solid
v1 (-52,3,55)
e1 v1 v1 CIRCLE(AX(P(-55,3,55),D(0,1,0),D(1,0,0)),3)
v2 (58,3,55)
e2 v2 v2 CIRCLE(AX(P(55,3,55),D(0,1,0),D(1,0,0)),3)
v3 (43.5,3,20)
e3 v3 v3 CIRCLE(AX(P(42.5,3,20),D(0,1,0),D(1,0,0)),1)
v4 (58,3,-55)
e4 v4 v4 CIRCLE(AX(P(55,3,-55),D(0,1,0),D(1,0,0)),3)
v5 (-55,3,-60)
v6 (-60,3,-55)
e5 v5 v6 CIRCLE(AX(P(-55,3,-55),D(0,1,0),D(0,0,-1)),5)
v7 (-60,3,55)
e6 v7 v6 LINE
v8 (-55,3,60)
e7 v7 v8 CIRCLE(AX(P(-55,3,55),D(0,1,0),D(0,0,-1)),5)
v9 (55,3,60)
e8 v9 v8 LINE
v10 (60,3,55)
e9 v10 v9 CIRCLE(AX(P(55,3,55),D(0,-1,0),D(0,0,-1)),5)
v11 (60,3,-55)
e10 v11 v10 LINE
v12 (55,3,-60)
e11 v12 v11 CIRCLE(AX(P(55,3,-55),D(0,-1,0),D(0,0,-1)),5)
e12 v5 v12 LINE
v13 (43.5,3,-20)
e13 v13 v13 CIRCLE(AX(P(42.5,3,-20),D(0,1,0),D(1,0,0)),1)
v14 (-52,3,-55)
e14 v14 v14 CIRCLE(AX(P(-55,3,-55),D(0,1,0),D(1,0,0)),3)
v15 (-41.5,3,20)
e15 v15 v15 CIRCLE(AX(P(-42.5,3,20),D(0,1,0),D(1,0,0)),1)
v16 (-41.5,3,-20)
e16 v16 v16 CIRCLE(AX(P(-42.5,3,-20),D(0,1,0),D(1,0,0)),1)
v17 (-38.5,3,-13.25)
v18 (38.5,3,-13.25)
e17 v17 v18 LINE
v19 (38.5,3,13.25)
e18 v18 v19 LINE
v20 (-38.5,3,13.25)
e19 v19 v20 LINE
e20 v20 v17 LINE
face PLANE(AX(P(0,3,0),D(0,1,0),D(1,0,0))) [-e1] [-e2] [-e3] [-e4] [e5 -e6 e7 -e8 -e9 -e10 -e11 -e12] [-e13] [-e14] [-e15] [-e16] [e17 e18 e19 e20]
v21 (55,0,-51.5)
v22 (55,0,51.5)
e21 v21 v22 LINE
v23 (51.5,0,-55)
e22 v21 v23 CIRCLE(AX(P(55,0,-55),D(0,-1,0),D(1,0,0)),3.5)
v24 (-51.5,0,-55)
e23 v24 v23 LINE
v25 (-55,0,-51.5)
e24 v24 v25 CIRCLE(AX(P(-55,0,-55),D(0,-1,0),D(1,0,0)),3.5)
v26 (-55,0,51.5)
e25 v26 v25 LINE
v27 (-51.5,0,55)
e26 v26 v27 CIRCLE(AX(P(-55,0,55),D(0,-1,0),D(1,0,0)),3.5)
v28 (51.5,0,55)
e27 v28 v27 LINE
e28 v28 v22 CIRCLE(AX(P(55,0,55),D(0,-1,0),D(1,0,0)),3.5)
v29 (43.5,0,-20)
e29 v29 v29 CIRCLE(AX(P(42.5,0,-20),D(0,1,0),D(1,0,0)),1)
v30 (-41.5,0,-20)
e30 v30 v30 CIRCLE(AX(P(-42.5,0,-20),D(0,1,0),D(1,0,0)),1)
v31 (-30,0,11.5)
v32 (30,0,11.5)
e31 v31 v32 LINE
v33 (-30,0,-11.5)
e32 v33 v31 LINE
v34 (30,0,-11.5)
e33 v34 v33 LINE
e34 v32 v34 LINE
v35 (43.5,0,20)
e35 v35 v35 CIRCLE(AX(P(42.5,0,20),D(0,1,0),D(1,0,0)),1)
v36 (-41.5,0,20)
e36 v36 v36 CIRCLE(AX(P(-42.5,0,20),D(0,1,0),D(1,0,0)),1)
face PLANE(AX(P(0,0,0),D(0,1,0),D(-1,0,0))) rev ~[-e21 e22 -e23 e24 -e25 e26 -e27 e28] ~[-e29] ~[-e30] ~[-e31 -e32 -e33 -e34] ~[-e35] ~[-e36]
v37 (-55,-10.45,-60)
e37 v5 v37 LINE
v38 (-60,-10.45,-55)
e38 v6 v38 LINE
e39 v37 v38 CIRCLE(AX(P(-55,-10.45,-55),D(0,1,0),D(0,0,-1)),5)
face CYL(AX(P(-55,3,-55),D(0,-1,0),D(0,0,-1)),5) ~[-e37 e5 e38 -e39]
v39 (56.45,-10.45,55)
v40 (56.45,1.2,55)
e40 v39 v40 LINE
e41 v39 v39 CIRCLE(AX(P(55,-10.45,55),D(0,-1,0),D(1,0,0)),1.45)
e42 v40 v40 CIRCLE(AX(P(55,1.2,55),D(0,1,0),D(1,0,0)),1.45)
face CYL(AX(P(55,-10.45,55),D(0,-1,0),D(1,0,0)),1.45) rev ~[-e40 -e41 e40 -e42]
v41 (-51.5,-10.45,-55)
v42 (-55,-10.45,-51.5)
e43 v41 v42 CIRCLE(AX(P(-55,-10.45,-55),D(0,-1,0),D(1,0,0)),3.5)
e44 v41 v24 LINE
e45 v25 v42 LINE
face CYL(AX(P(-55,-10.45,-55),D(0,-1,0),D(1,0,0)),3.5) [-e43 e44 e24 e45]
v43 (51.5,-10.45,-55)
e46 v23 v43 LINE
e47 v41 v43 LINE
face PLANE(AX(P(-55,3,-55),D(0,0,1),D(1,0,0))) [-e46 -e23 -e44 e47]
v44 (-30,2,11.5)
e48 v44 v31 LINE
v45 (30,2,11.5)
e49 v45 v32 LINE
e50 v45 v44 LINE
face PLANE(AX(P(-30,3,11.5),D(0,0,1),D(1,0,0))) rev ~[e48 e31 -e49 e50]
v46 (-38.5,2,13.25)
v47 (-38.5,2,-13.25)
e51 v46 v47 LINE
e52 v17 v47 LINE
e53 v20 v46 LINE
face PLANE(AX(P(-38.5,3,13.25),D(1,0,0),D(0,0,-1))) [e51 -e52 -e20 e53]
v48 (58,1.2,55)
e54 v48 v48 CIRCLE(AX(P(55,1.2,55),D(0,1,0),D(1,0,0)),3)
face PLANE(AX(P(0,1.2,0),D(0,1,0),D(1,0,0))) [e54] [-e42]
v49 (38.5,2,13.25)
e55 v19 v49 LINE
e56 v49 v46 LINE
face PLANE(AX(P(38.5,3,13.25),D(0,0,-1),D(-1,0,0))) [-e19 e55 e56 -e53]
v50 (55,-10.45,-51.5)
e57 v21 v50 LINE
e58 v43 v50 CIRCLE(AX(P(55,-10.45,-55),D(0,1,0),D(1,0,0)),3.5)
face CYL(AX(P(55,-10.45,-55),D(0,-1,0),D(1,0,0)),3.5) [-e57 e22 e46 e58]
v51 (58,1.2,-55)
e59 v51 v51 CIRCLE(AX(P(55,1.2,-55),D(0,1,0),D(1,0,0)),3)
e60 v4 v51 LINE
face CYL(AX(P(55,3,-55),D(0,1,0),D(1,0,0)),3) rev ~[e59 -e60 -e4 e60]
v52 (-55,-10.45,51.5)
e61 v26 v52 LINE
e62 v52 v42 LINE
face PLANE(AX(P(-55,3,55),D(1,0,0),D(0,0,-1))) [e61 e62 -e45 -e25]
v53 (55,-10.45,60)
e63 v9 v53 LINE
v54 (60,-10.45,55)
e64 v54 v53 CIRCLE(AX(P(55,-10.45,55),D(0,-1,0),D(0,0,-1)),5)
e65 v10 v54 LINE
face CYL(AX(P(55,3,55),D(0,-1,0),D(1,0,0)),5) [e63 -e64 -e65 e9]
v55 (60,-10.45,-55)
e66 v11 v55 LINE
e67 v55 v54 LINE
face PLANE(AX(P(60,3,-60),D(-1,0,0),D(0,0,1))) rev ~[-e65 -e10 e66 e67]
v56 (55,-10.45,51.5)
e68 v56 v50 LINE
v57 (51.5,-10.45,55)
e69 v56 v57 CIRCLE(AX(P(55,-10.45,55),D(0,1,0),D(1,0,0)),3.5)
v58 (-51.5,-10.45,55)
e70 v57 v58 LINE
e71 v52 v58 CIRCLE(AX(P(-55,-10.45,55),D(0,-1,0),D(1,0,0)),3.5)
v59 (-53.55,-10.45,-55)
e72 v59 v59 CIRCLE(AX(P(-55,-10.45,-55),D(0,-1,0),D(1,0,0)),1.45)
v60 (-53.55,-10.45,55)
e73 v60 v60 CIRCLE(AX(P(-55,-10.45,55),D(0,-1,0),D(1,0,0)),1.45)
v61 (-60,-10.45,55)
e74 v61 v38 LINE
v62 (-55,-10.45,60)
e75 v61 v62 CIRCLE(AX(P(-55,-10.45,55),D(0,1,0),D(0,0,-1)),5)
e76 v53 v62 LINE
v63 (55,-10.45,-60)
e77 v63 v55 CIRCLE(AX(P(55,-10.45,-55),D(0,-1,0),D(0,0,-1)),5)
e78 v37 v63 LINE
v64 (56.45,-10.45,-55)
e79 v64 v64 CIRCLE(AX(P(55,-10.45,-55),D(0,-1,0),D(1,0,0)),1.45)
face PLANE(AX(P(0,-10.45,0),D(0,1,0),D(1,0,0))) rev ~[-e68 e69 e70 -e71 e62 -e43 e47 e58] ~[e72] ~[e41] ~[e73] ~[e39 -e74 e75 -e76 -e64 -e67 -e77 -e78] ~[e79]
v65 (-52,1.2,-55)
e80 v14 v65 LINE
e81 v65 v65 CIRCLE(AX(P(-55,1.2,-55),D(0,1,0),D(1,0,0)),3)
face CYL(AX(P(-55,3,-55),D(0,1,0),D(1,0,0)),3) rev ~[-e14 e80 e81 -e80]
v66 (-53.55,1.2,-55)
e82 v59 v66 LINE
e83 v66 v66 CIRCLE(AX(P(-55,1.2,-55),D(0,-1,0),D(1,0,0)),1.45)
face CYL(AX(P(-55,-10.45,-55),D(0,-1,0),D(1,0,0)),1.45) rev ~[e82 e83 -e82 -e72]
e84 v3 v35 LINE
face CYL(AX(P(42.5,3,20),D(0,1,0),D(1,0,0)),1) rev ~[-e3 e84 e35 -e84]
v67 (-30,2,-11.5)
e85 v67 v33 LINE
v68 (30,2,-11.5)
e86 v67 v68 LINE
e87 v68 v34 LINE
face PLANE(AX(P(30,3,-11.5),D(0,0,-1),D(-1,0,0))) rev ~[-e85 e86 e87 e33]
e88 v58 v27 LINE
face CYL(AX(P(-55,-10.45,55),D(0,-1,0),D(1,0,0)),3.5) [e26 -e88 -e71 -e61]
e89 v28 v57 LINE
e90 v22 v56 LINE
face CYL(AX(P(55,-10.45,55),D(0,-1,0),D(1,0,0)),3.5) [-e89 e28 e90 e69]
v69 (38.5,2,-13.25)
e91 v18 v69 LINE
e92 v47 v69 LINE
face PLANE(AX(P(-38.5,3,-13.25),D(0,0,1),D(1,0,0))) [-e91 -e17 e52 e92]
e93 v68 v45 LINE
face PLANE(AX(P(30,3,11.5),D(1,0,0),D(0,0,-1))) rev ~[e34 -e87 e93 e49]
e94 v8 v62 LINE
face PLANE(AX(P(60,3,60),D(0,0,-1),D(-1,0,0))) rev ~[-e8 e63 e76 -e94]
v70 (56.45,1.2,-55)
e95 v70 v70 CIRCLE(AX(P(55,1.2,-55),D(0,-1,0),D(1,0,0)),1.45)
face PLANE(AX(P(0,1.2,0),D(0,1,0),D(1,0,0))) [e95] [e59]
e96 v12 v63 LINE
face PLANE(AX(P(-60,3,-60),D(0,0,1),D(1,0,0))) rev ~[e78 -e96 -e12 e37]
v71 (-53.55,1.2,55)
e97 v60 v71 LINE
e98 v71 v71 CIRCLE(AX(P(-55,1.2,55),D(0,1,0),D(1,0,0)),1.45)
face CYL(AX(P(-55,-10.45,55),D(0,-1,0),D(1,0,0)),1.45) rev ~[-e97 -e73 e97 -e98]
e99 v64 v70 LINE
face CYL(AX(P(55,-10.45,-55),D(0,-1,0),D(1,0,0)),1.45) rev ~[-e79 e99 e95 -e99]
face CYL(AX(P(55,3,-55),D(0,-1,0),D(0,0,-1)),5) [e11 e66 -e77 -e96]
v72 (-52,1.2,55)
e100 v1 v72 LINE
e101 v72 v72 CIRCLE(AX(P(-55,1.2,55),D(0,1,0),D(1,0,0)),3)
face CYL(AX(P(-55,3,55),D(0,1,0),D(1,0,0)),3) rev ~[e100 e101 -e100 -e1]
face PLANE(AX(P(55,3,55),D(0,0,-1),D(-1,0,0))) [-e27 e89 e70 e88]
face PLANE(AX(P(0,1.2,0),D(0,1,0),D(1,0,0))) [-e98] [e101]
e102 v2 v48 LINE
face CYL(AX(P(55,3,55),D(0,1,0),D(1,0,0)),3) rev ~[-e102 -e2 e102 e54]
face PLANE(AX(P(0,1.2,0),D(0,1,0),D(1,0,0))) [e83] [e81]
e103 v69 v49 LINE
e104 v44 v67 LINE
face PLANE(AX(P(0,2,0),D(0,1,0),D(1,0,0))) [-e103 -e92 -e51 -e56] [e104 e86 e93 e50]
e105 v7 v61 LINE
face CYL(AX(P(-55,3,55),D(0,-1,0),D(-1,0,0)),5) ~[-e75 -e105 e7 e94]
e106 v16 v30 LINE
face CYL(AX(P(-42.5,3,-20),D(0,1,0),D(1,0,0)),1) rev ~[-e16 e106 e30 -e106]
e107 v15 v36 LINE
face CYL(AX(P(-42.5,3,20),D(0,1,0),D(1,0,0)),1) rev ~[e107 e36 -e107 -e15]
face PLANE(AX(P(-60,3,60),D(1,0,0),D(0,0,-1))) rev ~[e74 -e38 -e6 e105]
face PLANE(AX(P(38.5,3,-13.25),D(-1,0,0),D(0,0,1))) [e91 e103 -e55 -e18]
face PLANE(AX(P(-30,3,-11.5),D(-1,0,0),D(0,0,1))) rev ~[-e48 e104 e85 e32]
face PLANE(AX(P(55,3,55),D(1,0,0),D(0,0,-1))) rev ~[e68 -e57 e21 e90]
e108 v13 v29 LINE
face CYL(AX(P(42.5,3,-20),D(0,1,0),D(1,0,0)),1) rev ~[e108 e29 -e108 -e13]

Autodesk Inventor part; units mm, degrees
ref_plane "YZ Plane" through (0, 0, 0) normal (1, 0, 0) x (0, 1, 0)
ref_plane "XZ Plane" through (0, 0, 0) normal (0, 1, 0) x (-1, 0, 0)
ref_plane "XY Plane" through (0, 0, 0) normal (0, 0, 1) x (1, 0, 0)
sketch "Sketch1" plane through (0, 0, 0) normal (0, 1, 0) x (-1, 0, 0)
  line L0 (-55, 55) -> (55, 55)
  line L1 (55, 55) -> (55, -55)
  line L2 (55, -55) -> (-55, -55)
  line L3 (-55, -55) -> (-55, 55)
  line L4 (-55, 55) -> (55, -55) construction
  line L5 (55, 55) -> (-55, -55) construction
  line L6 (-12.5, 37.5) -> (12.5, 37.5) construction
  line L7 (12.5, 37.5) -> (12.5, -37.5) construction
  line L8 (12.5, -37.5) -> (-12.5, -37.5) construction
  line L9 (-12.5, -37.5) -> (-12.5, 37.5) construction
  line L10 (-12.5, 37.5) -> (12.5, -37.5) construction
  line L11 (12.5, 37.5) -> (-12.5, -37.5) construction
  line L12 (-37.5, 37.5) -> (37.5, 37.5) construction
  line L13 (37.5, 37.5) -> (37.5, -37.5) construction
  line L14 (37.5, -37.5) -> (-37.5, -37.5) construction
  line L15 (-37.5, -37.5) -> (-37.5, 37.5)
  line L16 (-37.5, 37.5) -> (37.5, -37.5) construction
  line L17 (37.5, 37.5) -> (-37.5, -37.5) construction
  circle A0 centre (37.5, -37.5) radius 2 construction
  circle A1 centre (37.5, 37.5) radius 2 construction
  circle A2 centre (-37.5, 37.5) radius 2 construction
  circle A3 centre (-37.5, -37.5) radius 2 construction
  point P0 (0, 0)
  dimension "d0" = 110
  dimension "d1" = 110
  dimension "d2" = 25
  dimension "d3" = 75
  dimension "d4" = 75
  dimension "d5" = 4
  dimension "d6" = 4
  dimension "d7" = 4
  dimension "d8" = 4
extrude "Extrusion1" add sketch "Sketch1" along normal blind 3
sketch "Sketch3" plane through (0, 3, 0) normal (0, 1, 0) x (1, 0, 0)
  line L0 (35, -35) -> (-35, -35)
  line L1 (-35, -35) -> (-35, 35)
  line L2 (-35, 35) -> (35, 35)
  line L3 (35, 35) -> (35, -35)
  line L4 (35, -35) -> (-35, 35) construction
  line L5 (-35, -35) -> (35, 35) construction
  point P0 (0, 0)
  dimension "d18" = 70
  dimension "d19" = 70
extrude "Extrusion3" [suppressed]
fillet "Fillet1" [suppressed]
sketch "Sketch4" plane through (0, 3, 0) normal (0, 1, 0) x (1, 0, 0)
  line L0 (28, -16) -> (42, -16)
  line L1 (42, -16) -> (42, 16)
  line L2 (42, 16) -> (28, 16)
  line L3 (28, 16) -> (28, -16)
  line L4 (28, -16) -> (42, 16) construction
  line L5 (42, -16) -> (28, 16) construction
  line L6 (35, 33) -> (35, -33) projected
  point P0 (0, 0)
  point P1 (35, 0)
  dimension "d23" = 14
  dimension "d24" = 32
extrude "Extrusion4" [suppressed]
sketch "Sketch5" plane through (0, 3, 0) normal (0, 1, 0) x (1, 0, 0)
  line L0 (-30, -11.5) -> (30, -11.5)
  line L1 (30, -11.5) -> (30, 11.5)
  line L2 (30, 11.5) -> (-30, 11.5)
  line L3 (-30, 11.5) -> (-30, -11.5)
  line L4 (-30, -11.5) -> (30, 11.5) construction
  line L5 (30, -11.5) -> (-30, 11.5) construction
  point P0 (0, 0)
  dimension "d31" = 23
  dimension "d32" = 60
extrude "Extrusion5" cut sketch "Sketch5" against normal blind 10
sketch "Sketch6" plane through (0, 3, 0) normal (0, 1, 0) x (1, 0, 0)
  line L0 (-38.5, 13.25) -> (38.5, 13.25)
  line L1 (38.5, 13.25) -> (38.5, -13.25)
  line L2 (38.5, -13.25) -> (-38.5, -13.25)
  line L3 (-38.5, -13.25) -> (-38.5, 13.25)
  line L4 (-38.5, 13.25) -> (38.5, -13.25) construction
  line L5 (38.5, 13.25) -> (-38.5, -13.25) construction
  point P0 (0, 0)
  dimension "d35" = 26.5
  dimension "d36" = 77
extrude "Extrusion6" cut sketch "Sketch6" against normal blind 1
sketch "Sketch7" plane through (0, 3, 0) normal (0, 1, 0) x (1, 0, 0)
  line L0 (-42.5, -20) -> (42.5, -20) construction
  line L1 (42.5, -20) -> (42.5, 20) construction
  line L2 (42.5, 20) -> (-42.5, 20) construction
  line L3 (-42.5, 20) -> (-42.5, -20) construction
  line L4 (-42.5, -20) -> (42.5, 20) construction
  line L5 (42.5, -20) -> (-42.5, 20) construction
  circle A0 centre (-42.5, 20) radius 1
  circle A1 centre (42.5, 20) radius 1
  circle A2 centre (42.5, -20) radius 1
  circle A3 centre (-42.5, -20) radius 1
  point P0 (0, 0)
  dimension "d39" = 40
  dimension "d40" = 85
  dimension "d41" = 2
  dimension "d42" = 2
  dimension "d43" = 2
  dimension "d44" = 2
extrude "Extrusion7" cut sketch "Sketch7" against normal through all
sketch "Sketch8" plane through (0, 3, 0) normal (0, 1, 0) x (1, 0, 0)
  line L0 (55, -55) -> (55, 55) projected
  line L1 (-55, 55) -> (55, 55)
  line L2 (55, 55) -> (55, -55)
  line L3 (55, -55) -> (-55, -55)
  line L4 (-55, -55) -> (-55, 55)
  line L5 (-55, 55) -> (55, -55) construction
  line L6 (55, 55) -> (-55, -55) construction
  line L7 (-60, 60) -> (60, 60)
  line L8 (60, 60) -> (60, -60)
  line L9 (60, -60) -> (-60, -60)
  line L10 (-60, -60) -> (-60, 60)
  line L11 (-60, 60) -> (60, -60) construction
  line L12 (60, 60) -> (-60, -60) construction
  point P0 (0, 0)
  dimension "d47" = 5
extrude "Extrusion8" add sketch "Sketch8" against normal blind 13.45
sketch "Sketch9" plane through (0, -10.45, 0) normal (0, -1, 0) x (1, 0, 0)
  line L0 (-55, 55) -> (55, 55) projected
  circle A0 centre (-55, 55) radius 3.5
  line L1 (55, 55) -> (55, -55) projected
  circle A1 centre (55, 55) radius 3.5
  line L2 (55, -55) -> (-55, -55) projected
  circle A2 centre (55, -55) radius 3.5
  circle A3 centre (-55, -55) radius 3.5
  point P0 (0, 0)
  dimension "d50" = 7
  dimension "d51" = 7
  dimension "d52" = 7
  dimension "d53" = 7
extrude "Extrusion9" add sketch "Sketch9" against normal blind 13.45
fillet "Fillet3" radius 5 4 edges at (60, -3.725, -60) (60, -3.725, 60) (-60, -3.725, -60) (-60, -3.725, 60)
sketch "Sketch10" plane through (0, -10.45, 0) normal (0, -1, 0) x (1, 0, 0)
  arc A0 (-55, 51.5) -> (-51.5, 55) centre (-55, 55) ccw projected
  circle A1 centre (-55, 55) radius 1.45
  arc A2 (51.5, 55) -> (55, 51.5) centre (55, 55) ccw projected
  circle A3 centre (55, 55) radius 1.45
  arc A4 (55, -51.5) -> (51.5, -55) centre (55, -55) ccw projected
  circle A5 centre (55, -55) radius 1.45
  arc A6 (-51.5, -55) -> (-55, -51.5) centre (-55, -55) ccw projected
  circle A7 centre (-55, -55) radius 1.45
  point P0 (0, 0)
  dimension "d57" = 2.9
  dimension "d58" = 2.9
  dimension "d59" = 2.9
  dimension "d60" = 2.9
extrude "Extrusion10" cut sketch "Sketch10" against normal blind 13.45
sketch "Sketch11" plane through (0, 3, 0) normal (0, 1, 0) x (1, 0, 0)
  circle A0 centre (-55, 55) radius 1.45 projected
  circle A1 centre (-55, 55) radius 3
  circle A2 centre (55, 55) radius 1.45 projected
  circle A3 centre (55, 55) radius 3
  circle A4 centre (55, -55) radius 1.45 projected
  circle A5 centre (55, -55) radius 3
  circle A6 centre (-55, -55) radius 1.45 projected
  circle A7 centre (-55, -55) radius 3
  point P0 (0, 0)
  dimension "d63" = 6
  dimension "d64" = 6
  dimension "d65" = 6
  dimension "d66" = 6
extrude "Extrusion11" cut sketch "Sketch11" against normal blind 1.8 contours A0 | A1 | A2 | A3 | A5 | A7
properties part number "3D printed box top"
